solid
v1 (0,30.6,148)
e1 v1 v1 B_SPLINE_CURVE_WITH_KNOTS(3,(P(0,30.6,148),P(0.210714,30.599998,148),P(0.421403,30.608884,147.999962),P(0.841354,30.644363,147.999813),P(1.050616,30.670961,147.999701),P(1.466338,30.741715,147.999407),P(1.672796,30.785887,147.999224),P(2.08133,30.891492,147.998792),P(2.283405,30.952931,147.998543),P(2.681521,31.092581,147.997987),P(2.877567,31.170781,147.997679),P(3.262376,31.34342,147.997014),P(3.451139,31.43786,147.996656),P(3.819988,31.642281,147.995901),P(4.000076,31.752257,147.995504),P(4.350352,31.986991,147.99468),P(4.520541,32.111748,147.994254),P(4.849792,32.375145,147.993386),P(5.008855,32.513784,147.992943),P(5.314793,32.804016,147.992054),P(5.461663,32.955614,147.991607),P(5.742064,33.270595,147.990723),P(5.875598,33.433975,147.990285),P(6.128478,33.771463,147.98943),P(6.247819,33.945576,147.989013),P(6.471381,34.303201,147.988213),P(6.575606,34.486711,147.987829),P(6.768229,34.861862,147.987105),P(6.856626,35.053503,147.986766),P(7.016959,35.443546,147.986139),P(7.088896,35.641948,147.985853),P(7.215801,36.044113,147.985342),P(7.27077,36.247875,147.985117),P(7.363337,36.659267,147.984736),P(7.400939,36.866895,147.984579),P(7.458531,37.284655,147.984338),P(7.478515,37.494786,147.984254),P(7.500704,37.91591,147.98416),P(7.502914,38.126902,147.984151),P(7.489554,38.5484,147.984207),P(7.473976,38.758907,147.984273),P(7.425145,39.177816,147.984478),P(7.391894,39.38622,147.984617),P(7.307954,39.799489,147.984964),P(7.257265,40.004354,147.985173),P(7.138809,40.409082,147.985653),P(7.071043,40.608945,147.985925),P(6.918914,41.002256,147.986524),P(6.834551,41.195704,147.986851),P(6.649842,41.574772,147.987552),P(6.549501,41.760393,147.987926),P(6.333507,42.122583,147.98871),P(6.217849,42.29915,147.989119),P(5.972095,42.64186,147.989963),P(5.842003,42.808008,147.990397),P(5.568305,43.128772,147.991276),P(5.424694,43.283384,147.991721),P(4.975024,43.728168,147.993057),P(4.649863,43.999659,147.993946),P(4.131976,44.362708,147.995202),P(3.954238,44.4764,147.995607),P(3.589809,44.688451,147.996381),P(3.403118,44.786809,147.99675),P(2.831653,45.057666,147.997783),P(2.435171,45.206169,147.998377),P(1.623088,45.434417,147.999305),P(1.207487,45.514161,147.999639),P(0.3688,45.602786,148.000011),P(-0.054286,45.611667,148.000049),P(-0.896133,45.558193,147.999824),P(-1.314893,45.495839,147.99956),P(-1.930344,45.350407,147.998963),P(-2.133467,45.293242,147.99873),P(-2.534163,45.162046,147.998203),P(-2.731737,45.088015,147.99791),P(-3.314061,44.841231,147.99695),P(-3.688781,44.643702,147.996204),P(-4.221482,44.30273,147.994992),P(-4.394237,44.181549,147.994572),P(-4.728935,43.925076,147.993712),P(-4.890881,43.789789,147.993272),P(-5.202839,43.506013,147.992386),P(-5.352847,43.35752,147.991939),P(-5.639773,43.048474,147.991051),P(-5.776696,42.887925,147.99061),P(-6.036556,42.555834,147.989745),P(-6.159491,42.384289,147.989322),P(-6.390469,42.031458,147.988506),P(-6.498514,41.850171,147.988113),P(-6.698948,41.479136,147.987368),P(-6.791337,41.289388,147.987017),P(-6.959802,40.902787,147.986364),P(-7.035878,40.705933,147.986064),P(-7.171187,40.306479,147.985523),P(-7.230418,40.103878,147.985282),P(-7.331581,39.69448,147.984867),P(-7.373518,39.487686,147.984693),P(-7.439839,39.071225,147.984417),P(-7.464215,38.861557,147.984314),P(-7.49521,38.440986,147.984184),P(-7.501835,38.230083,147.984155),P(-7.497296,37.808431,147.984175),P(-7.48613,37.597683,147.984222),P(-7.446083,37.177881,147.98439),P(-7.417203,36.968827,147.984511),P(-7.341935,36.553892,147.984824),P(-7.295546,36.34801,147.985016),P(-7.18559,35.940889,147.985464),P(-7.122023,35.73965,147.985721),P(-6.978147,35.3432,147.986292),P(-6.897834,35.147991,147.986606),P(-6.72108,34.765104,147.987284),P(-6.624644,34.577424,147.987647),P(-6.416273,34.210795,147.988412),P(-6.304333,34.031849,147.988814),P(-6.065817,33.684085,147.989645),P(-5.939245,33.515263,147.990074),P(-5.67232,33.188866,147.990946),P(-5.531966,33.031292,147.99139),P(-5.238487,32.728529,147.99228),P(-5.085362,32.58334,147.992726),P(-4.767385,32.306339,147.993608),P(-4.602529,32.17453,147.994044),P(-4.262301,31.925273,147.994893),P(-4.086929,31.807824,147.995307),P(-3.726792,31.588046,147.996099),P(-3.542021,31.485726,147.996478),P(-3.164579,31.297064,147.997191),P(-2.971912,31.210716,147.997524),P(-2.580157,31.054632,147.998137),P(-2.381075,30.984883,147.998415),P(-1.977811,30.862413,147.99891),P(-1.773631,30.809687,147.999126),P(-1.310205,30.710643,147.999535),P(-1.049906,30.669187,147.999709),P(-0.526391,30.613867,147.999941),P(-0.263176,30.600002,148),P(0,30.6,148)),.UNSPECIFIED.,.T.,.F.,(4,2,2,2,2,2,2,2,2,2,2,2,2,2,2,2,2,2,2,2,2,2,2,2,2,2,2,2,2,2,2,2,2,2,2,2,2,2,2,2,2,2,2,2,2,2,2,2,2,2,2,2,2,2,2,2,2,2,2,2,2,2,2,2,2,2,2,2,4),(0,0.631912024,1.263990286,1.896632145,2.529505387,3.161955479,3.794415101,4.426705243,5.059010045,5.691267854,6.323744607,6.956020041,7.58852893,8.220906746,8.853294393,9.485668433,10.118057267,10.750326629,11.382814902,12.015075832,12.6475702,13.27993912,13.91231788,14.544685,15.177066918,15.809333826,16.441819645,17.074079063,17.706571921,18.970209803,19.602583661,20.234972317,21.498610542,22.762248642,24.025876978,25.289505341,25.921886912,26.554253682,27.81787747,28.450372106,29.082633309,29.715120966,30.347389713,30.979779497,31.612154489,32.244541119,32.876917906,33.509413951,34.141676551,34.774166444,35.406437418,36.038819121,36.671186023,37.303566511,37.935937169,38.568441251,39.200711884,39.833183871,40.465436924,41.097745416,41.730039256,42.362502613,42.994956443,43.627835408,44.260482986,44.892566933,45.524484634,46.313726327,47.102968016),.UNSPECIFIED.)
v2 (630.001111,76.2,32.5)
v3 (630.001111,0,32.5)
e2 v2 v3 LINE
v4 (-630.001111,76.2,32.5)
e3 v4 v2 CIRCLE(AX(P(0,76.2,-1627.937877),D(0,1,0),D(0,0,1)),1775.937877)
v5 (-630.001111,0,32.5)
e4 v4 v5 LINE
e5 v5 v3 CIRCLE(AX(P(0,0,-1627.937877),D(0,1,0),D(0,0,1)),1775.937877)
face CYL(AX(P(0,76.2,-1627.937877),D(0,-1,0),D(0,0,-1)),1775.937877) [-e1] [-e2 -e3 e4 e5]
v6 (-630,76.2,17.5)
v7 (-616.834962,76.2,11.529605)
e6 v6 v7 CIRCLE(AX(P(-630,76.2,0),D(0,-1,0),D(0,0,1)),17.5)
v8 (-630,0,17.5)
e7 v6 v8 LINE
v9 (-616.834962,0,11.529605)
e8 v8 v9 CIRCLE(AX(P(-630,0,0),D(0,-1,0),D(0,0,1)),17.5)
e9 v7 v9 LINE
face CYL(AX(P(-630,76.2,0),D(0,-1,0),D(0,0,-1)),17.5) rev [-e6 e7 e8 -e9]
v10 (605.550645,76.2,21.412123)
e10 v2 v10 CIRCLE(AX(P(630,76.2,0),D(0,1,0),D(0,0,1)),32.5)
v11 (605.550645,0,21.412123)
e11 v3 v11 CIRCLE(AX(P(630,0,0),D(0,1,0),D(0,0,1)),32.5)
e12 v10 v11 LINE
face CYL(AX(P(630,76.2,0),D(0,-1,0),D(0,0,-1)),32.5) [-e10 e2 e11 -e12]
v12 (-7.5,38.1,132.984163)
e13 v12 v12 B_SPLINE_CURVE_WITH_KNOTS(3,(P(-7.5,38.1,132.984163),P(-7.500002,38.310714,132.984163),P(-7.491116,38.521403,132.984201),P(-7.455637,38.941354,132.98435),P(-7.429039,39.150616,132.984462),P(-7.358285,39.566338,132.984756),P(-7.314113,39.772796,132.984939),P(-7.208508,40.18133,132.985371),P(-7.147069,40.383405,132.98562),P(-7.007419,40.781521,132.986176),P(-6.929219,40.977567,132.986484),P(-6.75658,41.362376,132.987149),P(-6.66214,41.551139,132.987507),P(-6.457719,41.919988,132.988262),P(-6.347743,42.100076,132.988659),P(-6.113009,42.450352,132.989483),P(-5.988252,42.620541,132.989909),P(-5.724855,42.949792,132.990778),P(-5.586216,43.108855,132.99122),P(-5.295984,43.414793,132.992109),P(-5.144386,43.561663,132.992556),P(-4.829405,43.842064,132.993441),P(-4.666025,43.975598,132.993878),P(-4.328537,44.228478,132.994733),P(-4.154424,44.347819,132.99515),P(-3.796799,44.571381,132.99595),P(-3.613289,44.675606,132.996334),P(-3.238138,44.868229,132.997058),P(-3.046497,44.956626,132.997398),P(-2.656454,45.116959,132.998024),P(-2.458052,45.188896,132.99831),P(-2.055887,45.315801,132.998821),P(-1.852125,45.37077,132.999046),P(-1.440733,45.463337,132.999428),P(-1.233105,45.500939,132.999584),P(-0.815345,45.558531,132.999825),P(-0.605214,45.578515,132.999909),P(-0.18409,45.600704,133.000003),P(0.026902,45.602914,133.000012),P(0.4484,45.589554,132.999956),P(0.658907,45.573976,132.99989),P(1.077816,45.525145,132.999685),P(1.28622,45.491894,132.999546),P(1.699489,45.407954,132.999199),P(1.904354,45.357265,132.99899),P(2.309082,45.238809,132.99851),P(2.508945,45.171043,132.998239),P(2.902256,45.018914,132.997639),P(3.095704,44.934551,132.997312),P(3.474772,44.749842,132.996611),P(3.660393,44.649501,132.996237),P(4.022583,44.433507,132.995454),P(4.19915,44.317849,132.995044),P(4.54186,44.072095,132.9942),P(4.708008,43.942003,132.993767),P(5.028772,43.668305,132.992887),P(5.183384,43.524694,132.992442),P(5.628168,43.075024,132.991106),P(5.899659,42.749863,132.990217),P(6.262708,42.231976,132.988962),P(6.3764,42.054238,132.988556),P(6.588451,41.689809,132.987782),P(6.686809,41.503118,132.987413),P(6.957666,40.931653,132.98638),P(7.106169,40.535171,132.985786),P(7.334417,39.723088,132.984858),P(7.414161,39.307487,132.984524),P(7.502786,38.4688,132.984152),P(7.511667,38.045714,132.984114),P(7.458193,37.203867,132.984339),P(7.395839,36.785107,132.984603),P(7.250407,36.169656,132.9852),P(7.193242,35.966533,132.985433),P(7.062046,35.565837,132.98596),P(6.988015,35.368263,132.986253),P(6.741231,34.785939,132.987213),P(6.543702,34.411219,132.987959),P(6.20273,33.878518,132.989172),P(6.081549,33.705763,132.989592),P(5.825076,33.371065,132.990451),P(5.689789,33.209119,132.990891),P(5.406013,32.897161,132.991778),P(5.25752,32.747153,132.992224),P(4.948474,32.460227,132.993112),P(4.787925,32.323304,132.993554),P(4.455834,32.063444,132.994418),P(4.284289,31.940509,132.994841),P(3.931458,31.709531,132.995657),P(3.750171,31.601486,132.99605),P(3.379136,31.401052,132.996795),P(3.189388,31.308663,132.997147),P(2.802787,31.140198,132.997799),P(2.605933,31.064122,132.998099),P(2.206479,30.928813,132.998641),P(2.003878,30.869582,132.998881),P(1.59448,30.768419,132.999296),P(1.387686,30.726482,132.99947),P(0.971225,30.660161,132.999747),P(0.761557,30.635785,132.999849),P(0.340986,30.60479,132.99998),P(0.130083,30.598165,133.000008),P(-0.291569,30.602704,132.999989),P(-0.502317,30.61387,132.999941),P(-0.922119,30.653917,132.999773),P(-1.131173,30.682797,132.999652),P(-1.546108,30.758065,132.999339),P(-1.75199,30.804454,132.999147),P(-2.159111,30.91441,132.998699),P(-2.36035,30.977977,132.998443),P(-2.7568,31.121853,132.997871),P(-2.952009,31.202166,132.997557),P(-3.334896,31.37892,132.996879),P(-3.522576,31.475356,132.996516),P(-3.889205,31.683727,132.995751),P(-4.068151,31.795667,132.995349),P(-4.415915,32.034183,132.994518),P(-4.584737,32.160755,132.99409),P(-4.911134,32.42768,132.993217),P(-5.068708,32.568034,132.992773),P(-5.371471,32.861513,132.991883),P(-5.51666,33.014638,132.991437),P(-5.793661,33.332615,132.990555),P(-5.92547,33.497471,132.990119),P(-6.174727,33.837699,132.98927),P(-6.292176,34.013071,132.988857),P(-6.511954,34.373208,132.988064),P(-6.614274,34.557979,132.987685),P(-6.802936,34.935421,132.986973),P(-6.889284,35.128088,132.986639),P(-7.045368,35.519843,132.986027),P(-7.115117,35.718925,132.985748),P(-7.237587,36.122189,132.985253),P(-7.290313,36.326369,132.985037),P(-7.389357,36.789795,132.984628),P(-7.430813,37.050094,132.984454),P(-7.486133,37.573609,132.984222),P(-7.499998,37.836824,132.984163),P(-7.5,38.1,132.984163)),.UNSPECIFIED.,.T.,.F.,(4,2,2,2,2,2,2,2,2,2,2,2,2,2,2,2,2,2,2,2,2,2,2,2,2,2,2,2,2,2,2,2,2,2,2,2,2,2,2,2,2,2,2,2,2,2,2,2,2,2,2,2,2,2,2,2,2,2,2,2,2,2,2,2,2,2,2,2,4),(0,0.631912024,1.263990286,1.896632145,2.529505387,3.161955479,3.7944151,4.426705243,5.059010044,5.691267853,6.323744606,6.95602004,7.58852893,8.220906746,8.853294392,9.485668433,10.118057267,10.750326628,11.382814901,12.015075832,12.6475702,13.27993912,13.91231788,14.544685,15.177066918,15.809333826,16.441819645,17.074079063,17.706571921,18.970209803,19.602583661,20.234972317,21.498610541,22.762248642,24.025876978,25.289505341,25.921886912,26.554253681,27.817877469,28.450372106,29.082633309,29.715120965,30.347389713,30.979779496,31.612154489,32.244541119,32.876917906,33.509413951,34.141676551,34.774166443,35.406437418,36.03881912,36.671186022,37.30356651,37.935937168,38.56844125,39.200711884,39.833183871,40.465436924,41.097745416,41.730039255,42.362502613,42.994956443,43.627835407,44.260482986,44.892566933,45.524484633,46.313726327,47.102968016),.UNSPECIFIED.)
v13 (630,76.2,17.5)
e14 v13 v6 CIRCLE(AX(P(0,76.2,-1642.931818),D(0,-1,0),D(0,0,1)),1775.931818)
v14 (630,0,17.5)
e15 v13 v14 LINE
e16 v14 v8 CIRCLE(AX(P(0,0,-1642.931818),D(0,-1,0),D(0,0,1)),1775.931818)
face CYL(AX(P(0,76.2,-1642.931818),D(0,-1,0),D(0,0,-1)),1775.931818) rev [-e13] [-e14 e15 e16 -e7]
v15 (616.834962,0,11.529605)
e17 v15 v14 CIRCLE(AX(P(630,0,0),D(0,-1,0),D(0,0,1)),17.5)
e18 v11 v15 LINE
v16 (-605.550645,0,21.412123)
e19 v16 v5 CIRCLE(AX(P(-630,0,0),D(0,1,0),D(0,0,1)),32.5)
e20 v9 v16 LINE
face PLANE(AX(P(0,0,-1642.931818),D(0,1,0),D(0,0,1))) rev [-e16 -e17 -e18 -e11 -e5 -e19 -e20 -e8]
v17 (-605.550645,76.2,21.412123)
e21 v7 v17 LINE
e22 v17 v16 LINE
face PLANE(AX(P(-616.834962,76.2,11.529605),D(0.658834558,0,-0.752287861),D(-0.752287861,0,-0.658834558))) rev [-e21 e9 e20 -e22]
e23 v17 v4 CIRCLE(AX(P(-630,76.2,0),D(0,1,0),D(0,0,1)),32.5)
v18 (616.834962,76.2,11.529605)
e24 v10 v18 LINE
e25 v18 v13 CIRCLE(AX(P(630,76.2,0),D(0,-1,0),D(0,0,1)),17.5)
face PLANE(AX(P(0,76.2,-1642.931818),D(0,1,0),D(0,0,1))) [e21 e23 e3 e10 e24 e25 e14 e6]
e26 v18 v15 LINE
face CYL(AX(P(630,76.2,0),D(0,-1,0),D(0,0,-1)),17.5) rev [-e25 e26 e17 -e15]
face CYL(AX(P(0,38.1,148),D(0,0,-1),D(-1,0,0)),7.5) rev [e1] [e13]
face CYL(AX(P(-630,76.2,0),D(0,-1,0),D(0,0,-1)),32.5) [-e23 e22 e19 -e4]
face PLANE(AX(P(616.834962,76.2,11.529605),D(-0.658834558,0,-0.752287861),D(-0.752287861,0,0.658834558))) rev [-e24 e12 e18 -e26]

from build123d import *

# Parameters (mm, degrees)
BOSS_EXTRUDE3_DEPTH = 76.2
SKETCH5_R           = 7.5
CUT_EXTRUDE3_DEPTH  = 149


with BuildPart() as part:
    # Sketch1 → Boss-Extrude3 (new body)
    with BuildSketch(Plane(origin=(0, 0, 0), x_dir=(1, 0, 0), z_dir=(0, 1, 0))):
        with BuildLine():
            Line((-616.834962438, -11.529604763), (-605.550644545, -21.412123117))
            ThreePointArc((-605.550644545, -21.412123117), (-643.422534006, 29.598742869), (-630.001110861, -32.499999959))
            ThreePointArc((-630.001110861, -32.499999959), (0, -148), (630.001110861, -32.499999959))
            ThreePointArc((630.001110861, -32.499999959), (643.422534006, 29.598742869), (605.550644545, -21.412123117))
            Line((605.550644545, -21.412123117), (616.834962438, -11.529604763))
            ThreePointArc((616.834962438, -11.529604763), (637.227790694, 15.937661111), (630, -17.5))
            ThreePointArc((630, -17.5), (0, -133), (-630, -17.5))
            ThreePointArc((-630, -17.5), (-637.227790694, 15.937661111), (-616.834962438, -11.529604763))
        make_face()
    extrude(amount=BOSS_EXTRUDE3_DEPTH)

    # Sketch5 → Cut-Extrude3 (cut, through all)
    with BuildSketch(Plane.XY):
        with Locations((0, 38.1)):
            Circle(SKETCH5_R)
    extrude(amount=CUT_EXTRUDE3_DEPTH, mode=Mode.SUBTRACT)


solid = part.part
